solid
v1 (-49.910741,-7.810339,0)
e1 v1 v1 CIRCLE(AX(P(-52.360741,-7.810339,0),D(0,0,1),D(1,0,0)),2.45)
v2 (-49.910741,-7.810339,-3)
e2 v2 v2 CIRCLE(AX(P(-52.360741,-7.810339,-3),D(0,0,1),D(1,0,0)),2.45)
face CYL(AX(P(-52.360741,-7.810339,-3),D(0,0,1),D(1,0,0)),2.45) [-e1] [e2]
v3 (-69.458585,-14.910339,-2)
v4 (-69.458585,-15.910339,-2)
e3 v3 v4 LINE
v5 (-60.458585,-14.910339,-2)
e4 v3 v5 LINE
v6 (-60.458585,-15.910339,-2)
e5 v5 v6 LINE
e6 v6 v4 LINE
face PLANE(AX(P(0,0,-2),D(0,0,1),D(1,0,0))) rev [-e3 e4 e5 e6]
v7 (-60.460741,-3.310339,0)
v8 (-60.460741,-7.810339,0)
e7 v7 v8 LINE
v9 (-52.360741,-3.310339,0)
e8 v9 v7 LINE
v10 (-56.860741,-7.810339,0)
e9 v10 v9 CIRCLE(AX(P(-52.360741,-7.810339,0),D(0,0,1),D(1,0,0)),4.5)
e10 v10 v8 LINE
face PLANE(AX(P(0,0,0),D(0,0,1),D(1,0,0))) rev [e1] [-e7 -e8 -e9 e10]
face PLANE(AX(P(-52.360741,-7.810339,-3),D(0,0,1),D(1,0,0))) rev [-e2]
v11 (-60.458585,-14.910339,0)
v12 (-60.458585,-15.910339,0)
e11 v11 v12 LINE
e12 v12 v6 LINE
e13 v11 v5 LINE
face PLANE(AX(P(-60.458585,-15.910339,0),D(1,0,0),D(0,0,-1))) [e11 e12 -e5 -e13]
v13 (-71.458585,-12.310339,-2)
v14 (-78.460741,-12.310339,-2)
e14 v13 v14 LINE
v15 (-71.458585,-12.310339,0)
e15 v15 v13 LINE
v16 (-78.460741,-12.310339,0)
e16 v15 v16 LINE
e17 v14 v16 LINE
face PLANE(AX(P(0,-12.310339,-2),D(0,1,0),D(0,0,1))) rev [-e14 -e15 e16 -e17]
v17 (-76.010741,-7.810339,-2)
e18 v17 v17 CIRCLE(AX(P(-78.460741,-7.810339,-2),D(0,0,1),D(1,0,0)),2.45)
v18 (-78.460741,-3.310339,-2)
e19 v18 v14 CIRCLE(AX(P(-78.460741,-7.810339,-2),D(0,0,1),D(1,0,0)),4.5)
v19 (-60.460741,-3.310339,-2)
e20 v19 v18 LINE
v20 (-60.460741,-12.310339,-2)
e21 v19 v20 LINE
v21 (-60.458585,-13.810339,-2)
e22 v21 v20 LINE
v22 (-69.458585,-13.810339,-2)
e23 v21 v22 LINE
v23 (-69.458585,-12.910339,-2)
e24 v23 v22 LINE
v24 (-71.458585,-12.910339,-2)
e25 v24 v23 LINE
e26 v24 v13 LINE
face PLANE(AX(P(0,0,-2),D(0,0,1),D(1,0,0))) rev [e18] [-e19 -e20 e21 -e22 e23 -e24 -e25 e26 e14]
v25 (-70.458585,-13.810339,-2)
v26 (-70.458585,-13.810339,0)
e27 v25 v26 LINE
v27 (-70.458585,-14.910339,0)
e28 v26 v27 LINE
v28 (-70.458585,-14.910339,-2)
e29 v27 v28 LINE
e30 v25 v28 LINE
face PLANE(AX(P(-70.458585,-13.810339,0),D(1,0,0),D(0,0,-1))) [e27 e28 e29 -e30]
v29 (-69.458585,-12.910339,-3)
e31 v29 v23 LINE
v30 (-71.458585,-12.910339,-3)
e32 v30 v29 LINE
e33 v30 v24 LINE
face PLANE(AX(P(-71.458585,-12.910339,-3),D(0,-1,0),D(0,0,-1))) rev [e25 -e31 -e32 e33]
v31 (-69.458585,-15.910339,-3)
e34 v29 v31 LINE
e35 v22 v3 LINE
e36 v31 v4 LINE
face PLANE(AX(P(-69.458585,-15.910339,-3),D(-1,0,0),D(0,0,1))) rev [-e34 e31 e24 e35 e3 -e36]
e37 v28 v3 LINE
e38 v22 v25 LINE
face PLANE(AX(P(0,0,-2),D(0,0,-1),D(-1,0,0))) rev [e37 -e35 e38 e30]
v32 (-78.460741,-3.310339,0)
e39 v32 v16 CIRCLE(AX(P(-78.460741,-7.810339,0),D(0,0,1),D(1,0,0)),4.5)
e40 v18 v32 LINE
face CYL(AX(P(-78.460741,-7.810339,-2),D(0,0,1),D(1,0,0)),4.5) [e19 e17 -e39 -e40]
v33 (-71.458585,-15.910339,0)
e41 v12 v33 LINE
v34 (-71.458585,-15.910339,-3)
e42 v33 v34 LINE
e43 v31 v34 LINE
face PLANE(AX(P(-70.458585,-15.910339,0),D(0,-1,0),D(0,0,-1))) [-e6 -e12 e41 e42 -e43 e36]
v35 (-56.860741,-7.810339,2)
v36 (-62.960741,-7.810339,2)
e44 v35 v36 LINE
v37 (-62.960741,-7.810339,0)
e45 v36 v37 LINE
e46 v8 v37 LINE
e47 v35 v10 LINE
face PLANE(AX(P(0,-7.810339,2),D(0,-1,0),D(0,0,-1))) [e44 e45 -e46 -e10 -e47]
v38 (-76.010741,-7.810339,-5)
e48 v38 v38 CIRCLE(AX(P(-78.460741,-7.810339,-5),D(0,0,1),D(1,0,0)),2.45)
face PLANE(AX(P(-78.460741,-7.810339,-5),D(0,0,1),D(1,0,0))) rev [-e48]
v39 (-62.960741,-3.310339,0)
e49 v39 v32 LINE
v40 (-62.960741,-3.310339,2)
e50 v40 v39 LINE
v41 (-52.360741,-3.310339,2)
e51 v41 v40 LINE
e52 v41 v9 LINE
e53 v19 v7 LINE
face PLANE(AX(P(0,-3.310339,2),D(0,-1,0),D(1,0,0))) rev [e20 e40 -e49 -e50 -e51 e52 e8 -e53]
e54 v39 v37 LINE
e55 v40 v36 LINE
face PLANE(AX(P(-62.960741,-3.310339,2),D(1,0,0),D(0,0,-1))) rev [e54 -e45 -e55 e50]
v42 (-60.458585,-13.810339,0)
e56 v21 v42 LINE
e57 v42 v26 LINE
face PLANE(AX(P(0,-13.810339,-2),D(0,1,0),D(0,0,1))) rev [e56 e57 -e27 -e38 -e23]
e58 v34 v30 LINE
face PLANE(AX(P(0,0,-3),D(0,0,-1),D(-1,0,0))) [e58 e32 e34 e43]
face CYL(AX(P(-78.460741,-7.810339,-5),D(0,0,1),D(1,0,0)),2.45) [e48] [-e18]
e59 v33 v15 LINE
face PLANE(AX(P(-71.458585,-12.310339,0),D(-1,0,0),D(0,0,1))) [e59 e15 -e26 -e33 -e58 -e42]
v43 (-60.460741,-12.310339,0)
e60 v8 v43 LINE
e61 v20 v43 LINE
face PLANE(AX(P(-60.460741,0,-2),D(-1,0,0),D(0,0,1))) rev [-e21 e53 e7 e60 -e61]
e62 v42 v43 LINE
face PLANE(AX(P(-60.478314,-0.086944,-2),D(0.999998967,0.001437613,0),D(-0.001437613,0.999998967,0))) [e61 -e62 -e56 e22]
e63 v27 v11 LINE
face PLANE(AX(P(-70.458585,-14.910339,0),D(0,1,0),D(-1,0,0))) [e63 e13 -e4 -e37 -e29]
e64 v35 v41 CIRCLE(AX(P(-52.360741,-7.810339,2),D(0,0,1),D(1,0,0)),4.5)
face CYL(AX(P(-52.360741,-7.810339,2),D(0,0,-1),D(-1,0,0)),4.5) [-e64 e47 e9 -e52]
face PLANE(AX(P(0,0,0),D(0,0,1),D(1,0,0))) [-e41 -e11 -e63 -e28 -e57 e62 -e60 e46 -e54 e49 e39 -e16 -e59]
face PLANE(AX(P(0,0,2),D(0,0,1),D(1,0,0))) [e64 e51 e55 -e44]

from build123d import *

# Parameters (mm, degrees)
SKETCH_1_R       = 2.45
EXTRUDE_1_DEPTH  = 2
SKETCH_1_3_R     = 2.45
EXTRUDE_2_DEPTH  = 2
SKETCH_3_W       = 2.5
SKETCH_3_H       = 4.5
EXTRUDE_3_DEPTH  = 2
EXTRUDE_START    = -5
SKETCH_5_R       = 2.45
EXTRUDE_4_DEPTH  = 5
EXTRUDE_8_DEPTH  = 2
SKETCH_13_W      = 2
SKETCH_13_H      = 3
EXTRUDE_12_DEPTH = 1
SKETCH_16_R      = 2.45
EXTRUDE_16_DEPTH = 5


with BuildPart() as part:
    # 草图1 → 凸台-拉伸1 (new body)
    with BuildSketch(Plane.XY):
        with BuildLine():
            Line((-52.360741066, -3.31033927), (-60.460741066, -3.31033927))
            Line((-60.460741066, -3.31033927), (-60.460741066, -7.81033927))
            Line((-60.460741066, -7.81033927), (-56.860741066, -7.81033927))
            ThreePointArc((-56.860741066, -7.81033927), (-49.178760551, -10.992319786), (-52.360741066, -3.31033927))
        make_face()
        with Locations((-52.360741066, -7.81033927)):
            Circle(SKETCH_1_R, mode=Mode.SUBTRACT)
    extrude(amount=EXTRUDE_1_DEPTH)



with BuildPart() as body_2:
    # 草图1<3> → 凸台-拉伸2 (new body)
    with BuildSketch(Plane.XY):
        with BuildLine():
            Line((-72.411189037, -12.31033927), (-70.458584645, -12.31033927))
            Line((-70.458584645, -12.31033927), (-70.458584645, -13.81033927))
            Line((-70.458584645, -13.81033927), (-65.458584645, -13.81033927))
            Line((-65.458584645, -13.81033927), (-60.458584645, -13.81033927))
            Line((-60.458584645, -13.81033927), (-60.460741066, -12.31033927))
            Line((-60.460741066, -12.31033927), (-60.460741066, -7.81033927))
            Line((-60.460741066, -7.81033927), (-60.460741066, -3.31033927))
            Line((-60.460741066, -3.31033927), (-78.460741066, -3.31033927))
            ThreePointArc((-78.460741066, -3.31033927), (-82.960741066, -7.81033927), (-78.460741066, -12.31033927))
            Line((-78.460741066, -12.31033927), (-72.411189037, -12.31033927))
        make_face()
        with Locations((-78.460741066, -7.81033927)):
            Circle(SKETCH_1_3_R, mode=Mode.SUBTRACT)
    extrude(amount=-EXTRUDE_2_DEPTH)


with BuildPart() as part_1:
    add(part.part)

    add(body_2.part)  # 凸台-拉伸3 merges body 2
    # 草图3 → 凸台-拉伸3 (add)
    with BuildSketch(Plane.XY):
        with Locations((-61.710741066, -5.56033927)):
            Rectangle(SKETCH_3_W, SKETCH_3_H)
    extrude(amount=EXTRUDE_3_DEPTH)

    # 草图5 → 凸台-拉伸4 (add)
    with BuildSketch(Plane.XY.offset(2).offset(EXTRUDE_START)):
        with Locations((-52.360741066, -7.81033927)):
            Circle(SKETCH_5_R)
    extrude(amount=EXTRUDE_4_DEPTH)

    # 草图10 → 凸台-拉伸8 (add)
    with BuildSketch(Plane(origin=(0, 0, -2), x_dir=(-1, 0, 0), z_dir=(0, 0, -1))):
        Polygon((70.458584645, -12.31033927), (71.458584645, -12.31033927), (71.458584645, -13.81033927), (71.458584645, -15.91033927), (70.458584645, -15.91033927), (60.458584645, -15.91033927), (60.458584645, -14.91033927), (70.458584645, -14.91033927), (70.458584645, -13.81033927), align=None)
    extrude(amount=-EXTRUDE_8_DEPTH)

    # 草图13 → 凸台-拉伸12 (add)
    with BuildSketch(Plane(origin=(0, 0, -2), x_dir=(-1, 0, 0), z_dir=(0, 0, -1))):
        with Locations((70.458584645, -14.41033927)):
            Rectangle(SKETCH_13_W, SKETCH_13_H)
    extrude(amount=EXTRUDE_12_DEPTH)

    # 草图16 → 凸台-拉伸16 (add)
    with BuildSketch(Plane.XY):
        with Locations((-78.460741066, -7.81033927)):
            Circle(SKETCH_16_R)
    extrude(amount=-EXTRUDE_16_DEPTH)


solid = part_1.part
